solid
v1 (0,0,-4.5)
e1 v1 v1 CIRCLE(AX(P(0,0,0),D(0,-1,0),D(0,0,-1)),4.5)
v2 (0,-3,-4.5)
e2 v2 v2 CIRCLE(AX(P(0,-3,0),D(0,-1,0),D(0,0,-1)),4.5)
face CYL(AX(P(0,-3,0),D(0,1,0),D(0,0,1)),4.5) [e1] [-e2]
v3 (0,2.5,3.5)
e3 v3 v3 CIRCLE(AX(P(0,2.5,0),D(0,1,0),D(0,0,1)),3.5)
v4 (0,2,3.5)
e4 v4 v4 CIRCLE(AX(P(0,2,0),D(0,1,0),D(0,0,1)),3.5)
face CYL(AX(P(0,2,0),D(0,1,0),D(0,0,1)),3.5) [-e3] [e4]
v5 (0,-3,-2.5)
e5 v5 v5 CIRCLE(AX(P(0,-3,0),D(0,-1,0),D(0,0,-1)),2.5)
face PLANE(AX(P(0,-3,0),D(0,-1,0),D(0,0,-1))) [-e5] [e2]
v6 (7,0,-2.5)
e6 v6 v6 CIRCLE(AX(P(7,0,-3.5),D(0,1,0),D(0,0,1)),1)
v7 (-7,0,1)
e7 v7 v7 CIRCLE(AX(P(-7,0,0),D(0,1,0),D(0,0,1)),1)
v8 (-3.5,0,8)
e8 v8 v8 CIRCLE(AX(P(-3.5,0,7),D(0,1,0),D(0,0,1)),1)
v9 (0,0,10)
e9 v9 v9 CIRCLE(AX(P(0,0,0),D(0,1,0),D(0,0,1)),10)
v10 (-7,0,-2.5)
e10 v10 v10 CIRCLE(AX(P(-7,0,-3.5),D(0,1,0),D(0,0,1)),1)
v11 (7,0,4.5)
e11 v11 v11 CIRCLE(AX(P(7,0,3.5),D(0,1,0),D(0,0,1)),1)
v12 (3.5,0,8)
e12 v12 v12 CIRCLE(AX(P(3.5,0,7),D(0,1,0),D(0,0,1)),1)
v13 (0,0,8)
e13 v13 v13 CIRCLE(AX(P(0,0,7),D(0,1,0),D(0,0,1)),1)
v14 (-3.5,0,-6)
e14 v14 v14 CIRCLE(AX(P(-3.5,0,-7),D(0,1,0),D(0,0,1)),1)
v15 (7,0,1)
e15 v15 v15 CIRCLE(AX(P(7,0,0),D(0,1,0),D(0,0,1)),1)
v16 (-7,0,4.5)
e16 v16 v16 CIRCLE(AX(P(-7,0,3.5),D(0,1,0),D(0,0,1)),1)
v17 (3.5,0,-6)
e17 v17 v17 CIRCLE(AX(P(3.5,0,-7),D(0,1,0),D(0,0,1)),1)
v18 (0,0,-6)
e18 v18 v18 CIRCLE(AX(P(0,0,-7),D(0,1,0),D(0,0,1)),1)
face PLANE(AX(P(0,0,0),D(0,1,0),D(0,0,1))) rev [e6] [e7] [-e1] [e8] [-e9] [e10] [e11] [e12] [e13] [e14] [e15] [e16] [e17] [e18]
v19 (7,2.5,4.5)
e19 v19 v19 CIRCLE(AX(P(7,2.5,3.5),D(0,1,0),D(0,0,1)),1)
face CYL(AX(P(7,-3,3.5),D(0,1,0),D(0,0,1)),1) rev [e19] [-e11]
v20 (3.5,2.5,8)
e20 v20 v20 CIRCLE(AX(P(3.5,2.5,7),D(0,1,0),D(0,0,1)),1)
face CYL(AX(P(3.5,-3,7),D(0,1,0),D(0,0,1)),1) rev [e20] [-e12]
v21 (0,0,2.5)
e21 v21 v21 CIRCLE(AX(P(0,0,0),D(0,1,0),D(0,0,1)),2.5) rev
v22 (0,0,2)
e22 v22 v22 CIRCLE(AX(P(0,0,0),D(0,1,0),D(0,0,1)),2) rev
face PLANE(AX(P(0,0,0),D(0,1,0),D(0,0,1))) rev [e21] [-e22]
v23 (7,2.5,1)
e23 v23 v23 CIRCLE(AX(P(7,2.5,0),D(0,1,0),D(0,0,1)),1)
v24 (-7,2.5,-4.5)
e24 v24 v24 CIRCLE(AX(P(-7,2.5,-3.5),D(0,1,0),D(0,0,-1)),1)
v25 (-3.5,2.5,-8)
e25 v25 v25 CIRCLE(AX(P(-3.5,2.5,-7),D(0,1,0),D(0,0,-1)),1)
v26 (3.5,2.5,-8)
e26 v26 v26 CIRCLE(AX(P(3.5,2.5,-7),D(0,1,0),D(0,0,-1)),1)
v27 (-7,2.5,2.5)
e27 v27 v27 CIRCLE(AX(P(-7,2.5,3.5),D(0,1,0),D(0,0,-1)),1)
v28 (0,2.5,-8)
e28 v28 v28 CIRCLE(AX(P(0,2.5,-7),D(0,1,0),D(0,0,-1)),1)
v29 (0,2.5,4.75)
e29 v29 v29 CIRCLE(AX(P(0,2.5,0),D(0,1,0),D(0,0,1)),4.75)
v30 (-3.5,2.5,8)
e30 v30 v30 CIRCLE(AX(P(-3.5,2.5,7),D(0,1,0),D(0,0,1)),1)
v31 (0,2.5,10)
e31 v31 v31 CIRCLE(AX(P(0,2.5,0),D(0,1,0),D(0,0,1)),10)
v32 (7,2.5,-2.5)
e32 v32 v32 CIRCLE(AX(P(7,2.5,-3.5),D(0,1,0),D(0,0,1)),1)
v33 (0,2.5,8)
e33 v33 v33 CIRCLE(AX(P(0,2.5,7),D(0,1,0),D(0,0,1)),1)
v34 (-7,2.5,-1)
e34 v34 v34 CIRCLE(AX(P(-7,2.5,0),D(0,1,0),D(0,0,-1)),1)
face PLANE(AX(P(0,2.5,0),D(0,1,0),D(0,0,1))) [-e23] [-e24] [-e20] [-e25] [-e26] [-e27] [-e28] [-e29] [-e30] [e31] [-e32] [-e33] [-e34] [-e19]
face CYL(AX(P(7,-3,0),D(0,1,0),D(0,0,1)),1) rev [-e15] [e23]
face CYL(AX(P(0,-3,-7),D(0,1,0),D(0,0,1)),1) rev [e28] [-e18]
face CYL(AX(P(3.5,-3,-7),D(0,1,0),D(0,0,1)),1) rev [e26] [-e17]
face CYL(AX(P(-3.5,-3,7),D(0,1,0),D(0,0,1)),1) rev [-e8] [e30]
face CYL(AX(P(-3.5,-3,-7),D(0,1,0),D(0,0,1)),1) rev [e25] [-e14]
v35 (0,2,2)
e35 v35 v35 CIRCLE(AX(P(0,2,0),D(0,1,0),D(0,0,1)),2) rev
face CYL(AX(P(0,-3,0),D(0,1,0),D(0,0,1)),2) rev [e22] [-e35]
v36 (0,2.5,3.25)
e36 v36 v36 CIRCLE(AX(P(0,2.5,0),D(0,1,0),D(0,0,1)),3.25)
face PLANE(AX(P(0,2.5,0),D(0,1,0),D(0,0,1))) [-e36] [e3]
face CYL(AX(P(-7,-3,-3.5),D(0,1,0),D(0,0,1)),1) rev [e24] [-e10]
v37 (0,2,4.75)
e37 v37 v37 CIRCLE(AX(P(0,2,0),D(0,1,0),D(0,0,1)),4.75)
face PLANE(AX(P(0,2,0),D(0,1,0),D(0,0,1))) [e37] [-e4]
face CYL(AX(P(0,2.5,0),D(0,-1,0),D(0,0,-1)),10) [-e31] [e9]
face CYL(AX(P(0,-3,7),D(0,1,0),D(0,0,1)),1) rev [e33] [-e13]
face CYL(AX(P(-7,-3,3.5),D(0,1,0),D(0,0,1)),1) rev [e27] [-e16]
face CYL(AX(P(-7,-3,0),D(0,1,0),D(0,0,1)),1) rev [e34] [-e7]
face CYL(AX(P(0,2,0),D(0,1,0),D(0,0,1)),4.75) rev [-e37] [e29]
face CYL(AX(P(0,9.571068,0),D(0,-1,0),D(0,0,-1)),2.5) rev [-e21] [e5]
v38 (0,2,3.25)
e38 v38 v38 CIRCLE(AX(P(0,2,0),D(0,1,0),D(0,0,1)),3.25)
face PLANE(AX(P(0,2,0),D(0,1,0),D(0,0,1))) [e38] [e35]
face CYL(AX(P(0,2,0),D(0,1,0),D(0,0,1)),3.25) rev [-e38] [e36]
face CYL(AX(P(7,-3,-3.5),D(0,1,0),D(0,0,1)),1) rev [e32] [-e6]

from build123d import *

# Parameters (mm, degrees)
CROQUIS1_R              = 10
SALIENTE_EXTRUIR1_DEPTH = 2.5
CROQUIS3_R              = 4.5
SALIENTE_EXTRUIR2_DEPTH = 3
CROQUIS4_R              = 2
CORTAR_EXTRUIR1_DEPTH   = 16.173990905
CROQUIS5_R              = 2.5
CORTAR_EXTRUIR2_DEPTH   = 3
CROQUIS6_R              = 4.75
CROQUIS6_R_2            = 3.5
CROQUIS6_R_3            = 3.25
CROQUIS6_R_4            = 2
CORTAR_EXTRUIR3_DEPTH   = 0.5
CROQUIS7_R              = 1
CORTAR_EXTRUIR4_DEPTH   = 16.173990905


with BuildPart() as part:
    # Croquis1 → Saliente-Extruir1 (new body)
    with BuildSketch(Plane(origin=(0, 0, 0), x_dir=(1, 0, 0), z_dir=(0, 1, 0))):
        with Locations(Location((0, 0, 0), (0, 0, 270))):
            Circle(CROQUIS1_R)
    extrude(amount=SALIENTE_EXTRUIR1_DEPTH)

    # Croquis3 → Saliente-Extruir2 (add)
    with BuildSketch(Plane.XZ):
        with Locations(Location((0, 0, 0), (0, 0, 270))):
            Circle(CROQUIS3_R)
    extrude(amount=SALIENTE_EXTRUIR2_DEPTH)

    # Croquis4 → Cortar-Extruir1 (cut, through all)
    with BuildSketch(Plane(origin=(0, 2.5, 0), x_dir=(1, 0, 0), z_dir=(0, 1, 0))):
        with Locations(Location((0, 0, 0), (0, 0, 270))):
            Circle(CROQUIS4_R)
    extrude(amount=-CORTAR_EXTRUIR1_DEPTH, mode=Mode.SUBTRACT)

    # Croquis5 → Cortar-Extruir2 (cut)
    with BuildSketch(Plane.XZ.offset(3)):
        with Locations(Location((0, 0, 0), (0, 0, 270))):
            Circle(CROQUIS5_R)
    extrude(amount=-CORTAR_EXTRUIR2_DEPTH, mode=Mode.SUBTRACT)

    # Croquis6 → Cortar-Extruir3 (cut)
    # profile 1 of 2: a face of its own
    with BuildSketch(Plane(origin=(0, 2.5, 0), x_dir=(1, 0, 0), z_dir=(0, 1, 0))):
        with Locations(Location((0, 0, 0), (0, 0, 270))):
            Circle(CROQUIS6_R)
        with Locations(Location((0, 0, 0), (0, 0, 270))):
            Circle(CROQUIS6_R_2, mode=Mode.SUBTRACT)
    # profile 2 of 2: a face of its own
    with BuildSketch(Plane(origin=(0, 2.5, 0), x_dir=(1, 0, 0), z_dir=(0, 1, 0))):
        with Locations(Location((0, 0, 0), (0, 0, 270))):
            Circle(CROQUIS6_R_3)
        with Locations(Location((0, 0, 0), (0, 0, 270))):
            Circle(CROQUIS6_R_4, mode=Mode.SUBTRACT)
    extrude(amount=-CORTAR_EXTRUIR3_DEPTH, mode=Mode.SUBTRACT)

    # Croquis7 → Cortar-Extruir4 (cut, through all)
    with BuildSketch(Plane(origin=(0, 2.5, 0), x_dir=(1, 0, 0), z_dir=(0, 1, 0))):
        with Locations(Location((0, -7, 0), (0, 0, 270))):
            Circle(CROQUIS7_R)
        with Locations(Location((3.5, -7, 0), (0, 0, 270))):
            Circle(CROQUIS7_R)
        with Locations(Location((-3.5, -7, 0), (0, 0, 270))):
            Circle(CROQUIS7_R)
        with Locations(Location((7, 3.5, 0), (0, 0, 270))):
            Circle(CROQUIS7_R)
        with Locations(Location((7, 0, 0), (0, 0, 270))):
            Circle(CROQUIS7_R)
        with Locations(Location((7, -3.5, 0), (0, 0, 270))):
            Circle(CROQUIS7_R)
        with Locations(Location((-3.5, 7, 0), (0, 0, 270))):
            Circle(CROQUIS7_R)
        with Locations(Location((0, 7, 0), (0, 0, 270))):
            Circle(CROQUIS7_R)
        with Locations(Location((3.5, 7, 0), (0, 0, 270))):
            Circle(CROQUIS7_R)
        with Locations(Location((-7, 3.5, 0), (0, 0, 270))):
            Circle(CROQUIS7_R)
        with Locations(Location((-7, 0, 0), (0, 0, 270))):
            Circle(CROQUIS7_R)
        with Locations(Location((-7, -3.5, 0), (0, 0, 270))):
            Circle(CROQUIS7_R)
    extrude(amount=-CORTAR_EXTRUIR4_DEPTH, mode=Mode.SUBTRACT)


solid = part.part
